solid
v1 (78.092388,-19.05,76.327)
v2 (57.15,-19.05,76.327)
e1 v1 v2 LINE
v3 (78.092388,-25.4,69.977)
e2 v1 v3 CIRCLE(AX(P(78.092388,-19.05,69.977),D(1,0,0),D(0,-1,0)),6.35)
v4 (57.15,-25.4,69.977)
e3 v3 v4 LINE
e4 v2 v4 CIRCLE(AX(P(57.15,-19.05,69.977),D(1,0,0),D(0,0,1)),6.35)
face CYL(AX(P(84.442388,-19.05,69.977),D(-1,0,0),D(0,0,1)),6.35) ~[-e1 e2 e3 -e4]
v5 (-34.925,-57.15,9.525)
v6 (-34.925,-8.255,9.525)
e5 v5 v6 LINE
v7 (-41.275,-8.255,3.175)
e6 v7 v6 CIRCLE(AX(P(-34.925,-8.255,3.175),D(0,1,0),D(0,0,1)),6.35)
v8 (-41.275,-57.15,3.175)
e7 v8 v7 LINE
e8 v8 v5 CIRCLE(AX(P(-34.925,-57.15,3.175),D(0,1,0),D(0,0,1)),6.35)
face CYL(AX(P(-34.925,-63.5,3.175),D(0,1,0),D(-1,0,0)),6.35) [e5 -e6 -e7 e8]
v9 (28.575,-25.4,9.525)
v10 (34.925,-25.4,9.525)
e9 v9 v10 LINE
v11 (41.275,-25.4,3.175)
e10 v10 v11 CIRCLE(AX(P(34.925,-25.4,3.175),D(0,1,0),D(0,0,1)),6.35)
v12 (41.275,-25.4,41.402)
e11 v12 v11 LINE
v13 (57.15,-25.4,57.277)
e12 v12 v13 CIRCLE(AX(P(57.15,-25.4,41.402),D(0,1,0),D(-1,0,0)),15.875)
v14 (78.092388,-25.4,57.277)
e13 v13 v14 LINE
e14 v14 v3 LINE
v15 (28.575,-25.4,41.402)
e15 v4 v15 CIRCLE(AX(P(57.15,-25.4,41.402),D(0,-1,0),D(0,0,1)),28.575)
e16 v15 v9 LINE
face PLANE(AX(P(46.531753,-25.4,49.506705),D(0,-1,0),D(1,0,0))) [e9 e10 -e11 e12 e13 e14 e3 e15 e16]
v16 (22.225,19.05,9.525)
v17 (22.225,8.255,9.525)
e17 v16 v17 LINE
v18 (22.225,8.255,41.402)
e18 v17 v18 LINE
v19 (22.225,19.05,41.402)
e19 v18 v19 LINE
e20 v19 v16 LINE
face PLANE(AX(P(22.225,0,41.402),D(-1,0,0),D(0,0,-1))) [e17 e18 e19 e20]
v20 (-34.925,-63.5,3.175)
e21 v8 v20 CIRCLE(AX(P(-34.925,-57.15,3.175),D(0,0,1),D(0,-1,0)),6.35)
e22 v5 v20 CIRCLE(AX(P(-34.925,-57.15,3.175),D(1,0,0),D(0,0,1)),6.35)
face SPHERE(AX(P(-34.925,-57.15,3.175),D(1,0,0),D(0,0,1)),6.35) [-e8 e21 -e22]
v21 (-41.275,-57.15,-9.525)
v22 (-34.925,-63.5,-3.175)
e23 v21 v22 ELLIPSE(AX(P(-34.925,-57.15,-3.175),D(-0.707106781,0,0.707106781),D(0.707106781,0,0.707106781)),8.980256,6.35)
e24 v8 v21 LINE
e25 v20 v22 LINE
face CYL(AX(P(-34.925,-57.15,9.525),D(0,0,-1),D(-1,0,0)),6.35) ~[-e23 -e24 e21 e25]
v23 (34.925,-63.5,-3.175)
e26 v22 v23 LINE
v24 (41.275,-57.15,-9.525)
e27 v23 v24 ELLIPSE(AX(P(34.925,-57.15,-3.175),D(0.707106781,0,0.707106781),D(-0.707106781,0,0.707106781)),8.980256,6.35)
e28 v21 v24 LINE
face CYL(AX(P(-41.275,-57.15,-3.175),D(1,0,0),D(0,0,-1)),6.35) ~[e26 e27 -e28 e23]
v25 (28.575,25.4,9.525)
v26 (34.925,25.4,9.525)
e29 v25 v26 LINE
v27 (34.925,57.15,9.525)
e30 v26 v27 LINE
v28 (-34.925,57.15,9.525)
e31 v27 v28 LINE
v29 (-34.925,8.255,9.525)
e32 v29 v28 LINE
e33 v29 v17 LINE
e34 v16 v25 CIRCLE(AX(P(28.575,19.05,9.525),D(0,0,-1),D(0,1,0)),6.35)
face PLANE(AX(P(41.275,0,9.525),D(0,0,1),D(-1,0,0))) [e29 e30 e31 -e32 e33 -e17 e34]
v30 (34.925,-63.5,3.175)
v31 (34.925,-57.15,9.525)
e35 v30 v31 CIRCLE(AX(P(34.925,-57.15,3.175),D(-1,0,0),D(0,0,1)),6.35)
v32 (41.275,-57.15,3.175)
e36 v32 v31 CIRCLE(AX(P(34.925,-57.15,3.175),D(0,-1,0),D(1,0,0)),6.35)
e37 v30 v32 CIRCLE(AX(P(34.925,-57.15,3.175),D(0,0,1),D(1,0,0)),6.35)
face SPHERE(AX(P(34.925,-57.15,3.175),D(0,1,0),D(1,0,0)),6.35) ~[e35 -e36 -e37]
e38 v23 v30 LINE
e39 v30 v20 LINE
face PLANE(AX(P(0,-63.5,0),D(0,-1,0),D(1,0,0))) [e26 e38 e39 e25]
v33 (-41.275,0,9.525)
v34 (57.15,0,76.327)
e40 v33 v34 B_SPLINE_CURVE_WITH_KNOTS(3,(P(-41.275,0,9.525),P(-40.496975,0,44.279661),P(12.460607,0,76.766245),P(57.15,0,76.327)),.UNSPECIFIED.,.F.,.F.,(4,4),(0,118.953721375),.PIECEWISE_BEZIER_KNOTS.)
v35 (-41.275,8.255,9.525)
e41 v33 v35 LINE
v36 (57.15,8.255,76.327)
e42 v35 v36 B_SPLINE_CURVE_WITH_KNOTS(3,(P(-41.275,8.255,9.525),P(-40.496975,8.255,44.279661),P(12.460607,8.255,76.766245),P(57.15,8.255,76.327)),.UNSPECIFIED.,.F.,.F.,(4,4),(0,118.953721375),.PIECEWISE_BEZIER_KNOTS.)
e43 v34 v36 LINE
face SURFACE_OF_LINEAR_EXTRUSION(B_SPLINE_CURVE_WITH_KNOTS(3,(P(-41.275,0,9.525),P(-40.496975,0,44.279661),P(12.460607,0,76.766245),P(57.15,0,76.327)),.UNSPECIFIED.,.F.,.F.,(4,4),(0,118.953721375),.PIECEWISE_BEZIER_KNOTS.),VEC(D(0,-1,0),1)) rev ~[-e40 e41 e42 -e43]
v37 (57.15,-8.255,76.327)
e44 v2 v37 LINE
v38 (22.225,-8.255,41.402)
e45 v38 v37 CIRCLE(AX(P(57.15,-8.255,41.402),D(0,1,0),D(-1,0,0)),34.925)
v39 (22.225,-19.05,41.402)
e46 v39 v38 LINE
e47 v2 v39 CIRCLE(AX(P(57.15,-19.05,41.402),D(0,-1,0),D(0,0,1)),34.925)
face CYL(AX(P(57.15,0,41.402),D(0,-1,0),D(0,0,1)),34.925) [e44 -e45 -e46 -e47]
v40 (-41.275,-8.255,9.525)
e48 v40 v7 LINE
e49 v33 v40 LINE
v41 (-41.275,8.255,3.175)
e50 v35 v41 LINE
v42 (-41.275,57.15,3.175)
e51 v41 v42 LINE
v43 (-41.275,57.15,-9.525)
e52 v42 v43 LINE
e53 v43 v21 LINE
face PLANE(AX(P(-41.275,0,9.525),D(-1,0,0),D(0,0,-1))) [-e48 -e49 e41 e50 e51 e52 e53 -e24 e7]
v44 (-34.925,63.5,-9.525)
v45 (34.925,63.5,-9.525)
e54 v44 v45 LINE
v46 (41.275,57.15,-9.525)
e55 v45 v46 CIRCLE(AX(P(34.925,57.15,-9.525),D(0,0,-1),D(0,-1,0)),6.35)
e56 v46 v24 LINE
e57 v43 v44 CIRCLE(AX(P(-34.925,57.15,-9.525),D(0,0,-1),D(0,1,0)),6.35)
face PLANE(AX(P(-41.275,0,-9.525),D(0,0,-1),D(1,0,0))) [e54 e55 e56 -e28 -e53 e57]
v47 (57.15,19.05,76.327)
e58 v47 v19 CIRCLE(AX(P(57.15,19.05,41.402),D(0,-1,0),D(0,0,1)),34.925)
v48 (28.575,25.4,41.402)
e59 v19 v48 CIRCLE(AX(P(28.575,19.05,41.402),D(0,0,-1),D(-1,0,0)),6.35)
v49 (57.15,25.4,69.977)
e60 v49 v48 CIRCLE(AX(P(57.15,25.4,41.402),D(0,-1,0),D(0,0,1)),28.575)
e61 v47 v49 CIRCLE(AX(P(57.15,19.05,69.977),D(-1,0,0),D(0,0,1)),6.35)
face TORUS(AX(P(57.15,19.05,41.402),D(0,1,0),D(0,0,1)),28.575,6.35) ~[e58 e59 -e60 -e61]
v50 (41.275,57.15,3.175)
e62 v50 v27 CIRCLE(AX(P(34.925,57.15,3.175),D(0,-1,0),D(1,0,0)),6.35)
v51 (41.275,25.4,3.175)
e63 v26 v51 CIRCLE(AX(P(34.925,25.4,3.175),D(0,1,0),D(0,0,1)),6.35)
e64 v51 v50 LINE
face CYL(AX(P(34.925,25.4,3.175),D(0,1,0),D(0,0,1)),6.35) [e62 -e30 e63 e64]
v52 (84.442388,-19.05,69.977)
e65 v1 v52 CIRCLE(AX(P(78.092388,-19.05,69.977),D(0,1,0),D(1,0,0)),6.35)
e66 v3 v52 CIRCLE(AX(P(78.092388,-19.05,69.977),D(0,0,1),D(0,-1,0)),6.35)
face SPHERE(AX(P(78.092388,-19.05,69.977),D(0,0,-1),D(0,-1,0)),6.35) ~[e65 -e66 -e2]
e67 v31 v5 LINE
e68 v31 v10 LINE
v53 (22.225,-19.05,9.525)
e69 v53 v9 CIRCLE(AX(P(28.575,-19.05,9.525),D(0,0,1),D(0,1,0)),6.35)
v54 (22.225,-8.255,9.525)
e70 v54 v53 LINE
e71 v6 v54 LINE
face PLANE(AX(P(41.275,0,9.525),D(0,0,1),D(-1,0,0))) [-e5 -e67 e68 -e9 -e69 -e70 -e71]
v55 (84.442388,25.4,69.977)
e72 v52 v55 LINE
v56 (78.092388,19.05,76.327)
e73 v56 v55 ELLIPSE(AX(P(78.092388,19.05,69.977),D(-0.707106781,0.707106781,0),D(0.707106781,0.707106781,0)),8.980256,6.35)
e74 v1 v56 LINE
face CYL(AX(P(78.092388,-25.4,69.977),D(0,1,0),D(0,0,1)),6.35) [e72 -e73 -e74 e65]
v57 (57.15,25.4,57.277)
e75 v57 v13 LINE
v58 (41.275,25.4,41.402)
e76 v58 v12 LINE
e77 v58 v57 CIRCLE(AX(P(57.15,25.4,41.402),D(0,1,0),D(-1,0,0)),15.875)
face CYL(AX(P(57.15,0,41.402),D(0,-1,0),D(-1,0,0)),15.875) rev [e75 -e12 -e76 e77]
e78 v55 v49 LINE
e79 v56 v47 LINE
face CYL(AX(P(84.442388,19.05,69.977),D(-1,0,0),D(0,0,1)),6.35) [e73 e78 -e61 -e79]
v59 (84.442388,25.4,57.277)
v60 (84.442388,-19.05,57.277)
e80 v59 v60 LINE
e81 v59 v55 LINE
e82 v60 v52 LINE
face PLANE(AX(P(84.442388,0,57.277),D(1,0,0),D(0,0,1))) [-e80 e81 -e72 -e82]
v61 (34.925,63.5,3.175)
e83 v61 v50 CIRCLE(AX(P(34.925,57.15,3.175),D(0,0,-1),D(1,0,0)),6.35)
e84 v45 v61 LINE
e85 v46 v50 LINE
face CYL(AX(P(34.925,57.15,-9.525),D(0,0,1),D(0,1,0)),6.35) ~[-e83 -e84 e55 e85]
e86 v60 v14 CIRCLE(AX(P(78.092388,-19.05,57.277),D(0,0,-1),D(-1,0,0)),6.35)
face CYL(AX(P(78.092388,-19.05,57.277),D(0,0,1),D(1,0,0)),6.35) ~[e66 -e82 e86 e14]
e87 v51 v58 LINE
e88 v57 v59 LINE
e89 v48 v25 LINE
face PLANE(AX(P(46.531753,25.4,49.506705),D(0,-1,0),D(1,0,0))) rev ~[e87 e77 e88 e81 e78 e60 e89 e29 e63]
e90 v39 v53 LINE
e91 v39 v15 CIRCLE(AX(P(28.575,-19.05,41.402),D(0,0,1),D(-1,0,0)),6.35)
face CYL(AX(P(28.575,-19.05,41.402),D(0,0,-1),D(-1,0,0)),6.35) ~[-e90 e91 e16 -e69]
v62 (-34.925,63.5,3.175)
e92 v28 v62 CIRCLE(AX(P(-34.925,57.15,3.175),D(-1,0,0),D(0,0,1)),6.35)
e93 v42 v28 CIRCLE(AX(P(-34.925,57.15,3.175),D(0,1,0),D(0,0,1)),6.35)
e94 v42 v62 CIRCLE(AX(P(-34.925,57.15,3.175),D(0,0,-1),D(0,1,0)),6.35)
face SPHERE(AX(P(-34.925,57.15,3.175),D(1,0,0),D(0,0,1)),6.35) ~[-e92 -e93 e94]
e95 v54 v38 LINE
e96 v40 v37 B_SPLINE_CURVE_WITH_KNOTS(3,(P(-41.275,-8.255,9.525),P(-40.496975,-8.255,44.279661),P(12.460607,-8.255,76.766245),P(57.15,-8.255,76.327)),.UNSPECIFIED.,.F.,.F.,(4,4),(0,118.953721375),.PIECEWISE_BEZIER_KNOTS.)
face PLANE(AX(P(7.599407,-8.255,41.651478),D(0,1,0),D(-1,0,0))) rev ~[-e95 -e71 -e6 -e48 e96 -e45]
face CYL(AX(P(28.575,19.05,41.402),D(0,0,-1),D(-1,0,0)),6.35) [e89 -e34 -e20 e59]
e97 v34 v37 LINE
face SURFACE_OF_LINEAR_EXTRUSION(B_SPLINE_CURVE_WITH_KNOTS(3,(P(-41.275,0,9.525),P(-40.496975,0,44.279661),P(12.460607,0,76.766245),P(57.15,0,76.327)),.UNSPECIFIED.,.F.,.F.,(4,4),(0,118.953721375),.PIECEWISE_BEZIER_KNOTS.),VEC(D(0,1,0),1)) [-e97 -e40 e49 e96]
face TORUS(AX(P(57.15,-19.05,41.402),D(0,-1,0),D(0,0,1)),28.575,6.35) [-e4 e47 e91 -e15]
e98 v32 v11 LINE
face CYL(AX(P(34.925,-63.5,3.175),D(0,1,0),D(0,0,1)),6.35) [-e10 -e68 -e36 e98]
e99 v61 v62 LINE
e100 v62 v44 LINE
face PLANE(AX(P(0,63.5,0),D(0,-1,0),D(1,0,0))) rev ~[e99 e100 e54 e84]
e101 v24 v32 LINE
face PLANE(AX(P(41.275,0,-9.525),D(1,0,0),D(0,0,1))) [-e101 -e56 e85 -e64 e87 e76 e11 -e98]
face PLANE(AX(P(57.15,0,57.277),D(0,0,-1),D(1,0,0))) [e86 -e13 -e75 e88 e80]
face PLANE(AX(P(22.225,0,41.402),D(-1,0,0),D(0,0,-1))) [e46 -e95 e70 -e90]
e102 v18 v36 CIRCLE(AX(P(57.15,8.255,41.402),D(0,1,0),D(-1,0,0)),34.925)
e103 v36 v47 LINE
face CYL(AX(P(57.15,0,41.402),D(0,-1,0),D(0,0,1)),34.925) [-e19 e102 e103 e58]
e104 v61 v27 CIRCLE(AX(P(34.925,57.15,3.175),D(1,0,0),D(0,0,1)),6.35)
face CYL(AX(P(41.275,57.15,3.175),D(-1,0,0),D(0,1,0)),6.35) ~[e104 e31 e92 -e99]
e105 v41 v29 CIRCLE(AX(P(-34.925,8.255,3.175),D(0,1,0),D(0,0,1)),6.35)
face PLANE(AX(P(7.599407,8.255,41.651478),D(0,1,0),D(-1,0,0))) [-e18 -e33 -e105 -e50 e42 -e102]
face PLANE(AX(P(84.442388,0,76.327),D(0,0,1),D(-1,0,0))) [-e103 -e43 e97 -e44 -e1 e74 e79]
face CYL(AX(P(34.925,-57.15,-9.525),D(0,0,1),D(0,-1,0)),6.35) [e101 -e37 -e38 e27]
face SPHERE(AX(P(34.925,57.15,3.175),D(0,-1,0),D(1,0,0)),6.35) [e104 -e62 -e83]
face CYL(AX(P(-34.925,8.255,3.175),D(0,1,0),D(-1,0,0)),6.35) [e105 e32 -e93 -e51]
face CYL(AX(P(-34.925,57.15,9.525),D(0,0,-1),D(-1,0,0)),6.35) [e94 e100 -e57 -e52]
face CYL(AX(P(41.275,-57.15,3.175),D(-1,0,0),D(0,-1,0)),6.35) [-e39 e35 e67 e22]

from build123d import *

# Parameters (mm, degrees)
F1_DEPTH = 63.5
F0_W     = 25.4
F0_H     = 9.398
F2_DEPTH = 25.4
F3_DEPTH = 8.255
F4_R     = 6.35
F5_R     = 6.35


with BuildPart() as f1:
    # F0 (on Front) → F1 (new body, symmetric)
    with BuildSketch(Plane.XZ):
        Polygon((22.225, 9.525), (-41.275, 9.525), (-41.275, -9.525), (41.275, -9.525), (41.275, 9.525), align=None)
    extrude(amount=F1_DEPTH, both=True)

    # F0 (on Front) → F2 (join, symmetric)
    with BuildSketch(Plane.XZ):
        with BuildLine():
            Line((22.225, 41.402), (22.225, 9.525))
            Line((22.225, 9.525), (41.275, 9.525))
            Line((41.275, 9.525), (41.275, 41.402))
            ThreePointArc((41.275, 41.402), (45.9246798487, 52.6273201513), (57.15, 57.277))
            Line((57.15, 57.277), (59.0423882883, 57.277))
            Line((59.0423882883, 57.277), (59.0423882883, 66.675))
            Line((59.0423882883, 66.675), (84.4423882883, 66.675))
            Line((84.4423882883, 66.675), (84.4423882883, 76.327))
            Line((84.4423882883, 76.327), (57.15, 76.327))
            ThreePointArc((57.15, 76.327), (32.4542956671, 66.0977043329), (22.225, 41.402))
        make_face()
        with Locations((71.7423882883, 61.976)):
            Rectangle(F0_W, F0_H)
    extrude(amount=F2_DEPTH, both=True)

    # F0 (on Front) → F3 (join, symmetric)
    with BuildSketch(Plane.XZ):
        with BuildLine():
            add(Edge.make_bspline(
                [(-41.275, 9.525), (-40.4969751835, 44.2796610296), (12.460607104, 76.7662450671), (57.15, 76.327)],
                knots=[0, 0, 0, 0, 118.9537213752, 118.9537213752, 118.9537213752, 118.9537213752], degree=3))
            Line((-41.275, 9.525), (22.225, 9.525))
            Line((22.225, 9.525), (22.225, 41.402))
            ThreePointArc((22.225, 41.402), (32.4542956671, 66.0977043329), (57.15, 76.327))
        make_face()
    extrude(amount=F3_DEPTH, both=True)

    # F4
    f4_edges = [f1.edges().sort_by_distance(p)[0] for p in [
        (41.275, -44.45, 9.525),
        (41.275, -63.5, 0),
        (41.275, 44.45, 9.525),
        (41.275, 63.5, 0),
        (0, 63.5, 9.525),
        (0, -63.5, 9.525),
        (-41.275, -35.8775, 9.525),
        (-41.275, 35.8775, 9.525),
        (0, -63.5, -9.525),
        (-41.275, -63.5, 0),
        (-41.275, 63.5, 0),
    ]]
    fillet(f4_edges, radius=F4_R)

    # F5
    f5_edges = [f1.edges().sort_by_distance(p)[0] for p in [
        (84.442388, -25.4, 66.802),
        (70.796194, -25.4, 76.327),
        (84.442388, 0, 76.327),
        (70.796194, 25.4, 76.327),
    ]]
    fillet(f5_edges, radius=F5_R)


solid = f1.part
